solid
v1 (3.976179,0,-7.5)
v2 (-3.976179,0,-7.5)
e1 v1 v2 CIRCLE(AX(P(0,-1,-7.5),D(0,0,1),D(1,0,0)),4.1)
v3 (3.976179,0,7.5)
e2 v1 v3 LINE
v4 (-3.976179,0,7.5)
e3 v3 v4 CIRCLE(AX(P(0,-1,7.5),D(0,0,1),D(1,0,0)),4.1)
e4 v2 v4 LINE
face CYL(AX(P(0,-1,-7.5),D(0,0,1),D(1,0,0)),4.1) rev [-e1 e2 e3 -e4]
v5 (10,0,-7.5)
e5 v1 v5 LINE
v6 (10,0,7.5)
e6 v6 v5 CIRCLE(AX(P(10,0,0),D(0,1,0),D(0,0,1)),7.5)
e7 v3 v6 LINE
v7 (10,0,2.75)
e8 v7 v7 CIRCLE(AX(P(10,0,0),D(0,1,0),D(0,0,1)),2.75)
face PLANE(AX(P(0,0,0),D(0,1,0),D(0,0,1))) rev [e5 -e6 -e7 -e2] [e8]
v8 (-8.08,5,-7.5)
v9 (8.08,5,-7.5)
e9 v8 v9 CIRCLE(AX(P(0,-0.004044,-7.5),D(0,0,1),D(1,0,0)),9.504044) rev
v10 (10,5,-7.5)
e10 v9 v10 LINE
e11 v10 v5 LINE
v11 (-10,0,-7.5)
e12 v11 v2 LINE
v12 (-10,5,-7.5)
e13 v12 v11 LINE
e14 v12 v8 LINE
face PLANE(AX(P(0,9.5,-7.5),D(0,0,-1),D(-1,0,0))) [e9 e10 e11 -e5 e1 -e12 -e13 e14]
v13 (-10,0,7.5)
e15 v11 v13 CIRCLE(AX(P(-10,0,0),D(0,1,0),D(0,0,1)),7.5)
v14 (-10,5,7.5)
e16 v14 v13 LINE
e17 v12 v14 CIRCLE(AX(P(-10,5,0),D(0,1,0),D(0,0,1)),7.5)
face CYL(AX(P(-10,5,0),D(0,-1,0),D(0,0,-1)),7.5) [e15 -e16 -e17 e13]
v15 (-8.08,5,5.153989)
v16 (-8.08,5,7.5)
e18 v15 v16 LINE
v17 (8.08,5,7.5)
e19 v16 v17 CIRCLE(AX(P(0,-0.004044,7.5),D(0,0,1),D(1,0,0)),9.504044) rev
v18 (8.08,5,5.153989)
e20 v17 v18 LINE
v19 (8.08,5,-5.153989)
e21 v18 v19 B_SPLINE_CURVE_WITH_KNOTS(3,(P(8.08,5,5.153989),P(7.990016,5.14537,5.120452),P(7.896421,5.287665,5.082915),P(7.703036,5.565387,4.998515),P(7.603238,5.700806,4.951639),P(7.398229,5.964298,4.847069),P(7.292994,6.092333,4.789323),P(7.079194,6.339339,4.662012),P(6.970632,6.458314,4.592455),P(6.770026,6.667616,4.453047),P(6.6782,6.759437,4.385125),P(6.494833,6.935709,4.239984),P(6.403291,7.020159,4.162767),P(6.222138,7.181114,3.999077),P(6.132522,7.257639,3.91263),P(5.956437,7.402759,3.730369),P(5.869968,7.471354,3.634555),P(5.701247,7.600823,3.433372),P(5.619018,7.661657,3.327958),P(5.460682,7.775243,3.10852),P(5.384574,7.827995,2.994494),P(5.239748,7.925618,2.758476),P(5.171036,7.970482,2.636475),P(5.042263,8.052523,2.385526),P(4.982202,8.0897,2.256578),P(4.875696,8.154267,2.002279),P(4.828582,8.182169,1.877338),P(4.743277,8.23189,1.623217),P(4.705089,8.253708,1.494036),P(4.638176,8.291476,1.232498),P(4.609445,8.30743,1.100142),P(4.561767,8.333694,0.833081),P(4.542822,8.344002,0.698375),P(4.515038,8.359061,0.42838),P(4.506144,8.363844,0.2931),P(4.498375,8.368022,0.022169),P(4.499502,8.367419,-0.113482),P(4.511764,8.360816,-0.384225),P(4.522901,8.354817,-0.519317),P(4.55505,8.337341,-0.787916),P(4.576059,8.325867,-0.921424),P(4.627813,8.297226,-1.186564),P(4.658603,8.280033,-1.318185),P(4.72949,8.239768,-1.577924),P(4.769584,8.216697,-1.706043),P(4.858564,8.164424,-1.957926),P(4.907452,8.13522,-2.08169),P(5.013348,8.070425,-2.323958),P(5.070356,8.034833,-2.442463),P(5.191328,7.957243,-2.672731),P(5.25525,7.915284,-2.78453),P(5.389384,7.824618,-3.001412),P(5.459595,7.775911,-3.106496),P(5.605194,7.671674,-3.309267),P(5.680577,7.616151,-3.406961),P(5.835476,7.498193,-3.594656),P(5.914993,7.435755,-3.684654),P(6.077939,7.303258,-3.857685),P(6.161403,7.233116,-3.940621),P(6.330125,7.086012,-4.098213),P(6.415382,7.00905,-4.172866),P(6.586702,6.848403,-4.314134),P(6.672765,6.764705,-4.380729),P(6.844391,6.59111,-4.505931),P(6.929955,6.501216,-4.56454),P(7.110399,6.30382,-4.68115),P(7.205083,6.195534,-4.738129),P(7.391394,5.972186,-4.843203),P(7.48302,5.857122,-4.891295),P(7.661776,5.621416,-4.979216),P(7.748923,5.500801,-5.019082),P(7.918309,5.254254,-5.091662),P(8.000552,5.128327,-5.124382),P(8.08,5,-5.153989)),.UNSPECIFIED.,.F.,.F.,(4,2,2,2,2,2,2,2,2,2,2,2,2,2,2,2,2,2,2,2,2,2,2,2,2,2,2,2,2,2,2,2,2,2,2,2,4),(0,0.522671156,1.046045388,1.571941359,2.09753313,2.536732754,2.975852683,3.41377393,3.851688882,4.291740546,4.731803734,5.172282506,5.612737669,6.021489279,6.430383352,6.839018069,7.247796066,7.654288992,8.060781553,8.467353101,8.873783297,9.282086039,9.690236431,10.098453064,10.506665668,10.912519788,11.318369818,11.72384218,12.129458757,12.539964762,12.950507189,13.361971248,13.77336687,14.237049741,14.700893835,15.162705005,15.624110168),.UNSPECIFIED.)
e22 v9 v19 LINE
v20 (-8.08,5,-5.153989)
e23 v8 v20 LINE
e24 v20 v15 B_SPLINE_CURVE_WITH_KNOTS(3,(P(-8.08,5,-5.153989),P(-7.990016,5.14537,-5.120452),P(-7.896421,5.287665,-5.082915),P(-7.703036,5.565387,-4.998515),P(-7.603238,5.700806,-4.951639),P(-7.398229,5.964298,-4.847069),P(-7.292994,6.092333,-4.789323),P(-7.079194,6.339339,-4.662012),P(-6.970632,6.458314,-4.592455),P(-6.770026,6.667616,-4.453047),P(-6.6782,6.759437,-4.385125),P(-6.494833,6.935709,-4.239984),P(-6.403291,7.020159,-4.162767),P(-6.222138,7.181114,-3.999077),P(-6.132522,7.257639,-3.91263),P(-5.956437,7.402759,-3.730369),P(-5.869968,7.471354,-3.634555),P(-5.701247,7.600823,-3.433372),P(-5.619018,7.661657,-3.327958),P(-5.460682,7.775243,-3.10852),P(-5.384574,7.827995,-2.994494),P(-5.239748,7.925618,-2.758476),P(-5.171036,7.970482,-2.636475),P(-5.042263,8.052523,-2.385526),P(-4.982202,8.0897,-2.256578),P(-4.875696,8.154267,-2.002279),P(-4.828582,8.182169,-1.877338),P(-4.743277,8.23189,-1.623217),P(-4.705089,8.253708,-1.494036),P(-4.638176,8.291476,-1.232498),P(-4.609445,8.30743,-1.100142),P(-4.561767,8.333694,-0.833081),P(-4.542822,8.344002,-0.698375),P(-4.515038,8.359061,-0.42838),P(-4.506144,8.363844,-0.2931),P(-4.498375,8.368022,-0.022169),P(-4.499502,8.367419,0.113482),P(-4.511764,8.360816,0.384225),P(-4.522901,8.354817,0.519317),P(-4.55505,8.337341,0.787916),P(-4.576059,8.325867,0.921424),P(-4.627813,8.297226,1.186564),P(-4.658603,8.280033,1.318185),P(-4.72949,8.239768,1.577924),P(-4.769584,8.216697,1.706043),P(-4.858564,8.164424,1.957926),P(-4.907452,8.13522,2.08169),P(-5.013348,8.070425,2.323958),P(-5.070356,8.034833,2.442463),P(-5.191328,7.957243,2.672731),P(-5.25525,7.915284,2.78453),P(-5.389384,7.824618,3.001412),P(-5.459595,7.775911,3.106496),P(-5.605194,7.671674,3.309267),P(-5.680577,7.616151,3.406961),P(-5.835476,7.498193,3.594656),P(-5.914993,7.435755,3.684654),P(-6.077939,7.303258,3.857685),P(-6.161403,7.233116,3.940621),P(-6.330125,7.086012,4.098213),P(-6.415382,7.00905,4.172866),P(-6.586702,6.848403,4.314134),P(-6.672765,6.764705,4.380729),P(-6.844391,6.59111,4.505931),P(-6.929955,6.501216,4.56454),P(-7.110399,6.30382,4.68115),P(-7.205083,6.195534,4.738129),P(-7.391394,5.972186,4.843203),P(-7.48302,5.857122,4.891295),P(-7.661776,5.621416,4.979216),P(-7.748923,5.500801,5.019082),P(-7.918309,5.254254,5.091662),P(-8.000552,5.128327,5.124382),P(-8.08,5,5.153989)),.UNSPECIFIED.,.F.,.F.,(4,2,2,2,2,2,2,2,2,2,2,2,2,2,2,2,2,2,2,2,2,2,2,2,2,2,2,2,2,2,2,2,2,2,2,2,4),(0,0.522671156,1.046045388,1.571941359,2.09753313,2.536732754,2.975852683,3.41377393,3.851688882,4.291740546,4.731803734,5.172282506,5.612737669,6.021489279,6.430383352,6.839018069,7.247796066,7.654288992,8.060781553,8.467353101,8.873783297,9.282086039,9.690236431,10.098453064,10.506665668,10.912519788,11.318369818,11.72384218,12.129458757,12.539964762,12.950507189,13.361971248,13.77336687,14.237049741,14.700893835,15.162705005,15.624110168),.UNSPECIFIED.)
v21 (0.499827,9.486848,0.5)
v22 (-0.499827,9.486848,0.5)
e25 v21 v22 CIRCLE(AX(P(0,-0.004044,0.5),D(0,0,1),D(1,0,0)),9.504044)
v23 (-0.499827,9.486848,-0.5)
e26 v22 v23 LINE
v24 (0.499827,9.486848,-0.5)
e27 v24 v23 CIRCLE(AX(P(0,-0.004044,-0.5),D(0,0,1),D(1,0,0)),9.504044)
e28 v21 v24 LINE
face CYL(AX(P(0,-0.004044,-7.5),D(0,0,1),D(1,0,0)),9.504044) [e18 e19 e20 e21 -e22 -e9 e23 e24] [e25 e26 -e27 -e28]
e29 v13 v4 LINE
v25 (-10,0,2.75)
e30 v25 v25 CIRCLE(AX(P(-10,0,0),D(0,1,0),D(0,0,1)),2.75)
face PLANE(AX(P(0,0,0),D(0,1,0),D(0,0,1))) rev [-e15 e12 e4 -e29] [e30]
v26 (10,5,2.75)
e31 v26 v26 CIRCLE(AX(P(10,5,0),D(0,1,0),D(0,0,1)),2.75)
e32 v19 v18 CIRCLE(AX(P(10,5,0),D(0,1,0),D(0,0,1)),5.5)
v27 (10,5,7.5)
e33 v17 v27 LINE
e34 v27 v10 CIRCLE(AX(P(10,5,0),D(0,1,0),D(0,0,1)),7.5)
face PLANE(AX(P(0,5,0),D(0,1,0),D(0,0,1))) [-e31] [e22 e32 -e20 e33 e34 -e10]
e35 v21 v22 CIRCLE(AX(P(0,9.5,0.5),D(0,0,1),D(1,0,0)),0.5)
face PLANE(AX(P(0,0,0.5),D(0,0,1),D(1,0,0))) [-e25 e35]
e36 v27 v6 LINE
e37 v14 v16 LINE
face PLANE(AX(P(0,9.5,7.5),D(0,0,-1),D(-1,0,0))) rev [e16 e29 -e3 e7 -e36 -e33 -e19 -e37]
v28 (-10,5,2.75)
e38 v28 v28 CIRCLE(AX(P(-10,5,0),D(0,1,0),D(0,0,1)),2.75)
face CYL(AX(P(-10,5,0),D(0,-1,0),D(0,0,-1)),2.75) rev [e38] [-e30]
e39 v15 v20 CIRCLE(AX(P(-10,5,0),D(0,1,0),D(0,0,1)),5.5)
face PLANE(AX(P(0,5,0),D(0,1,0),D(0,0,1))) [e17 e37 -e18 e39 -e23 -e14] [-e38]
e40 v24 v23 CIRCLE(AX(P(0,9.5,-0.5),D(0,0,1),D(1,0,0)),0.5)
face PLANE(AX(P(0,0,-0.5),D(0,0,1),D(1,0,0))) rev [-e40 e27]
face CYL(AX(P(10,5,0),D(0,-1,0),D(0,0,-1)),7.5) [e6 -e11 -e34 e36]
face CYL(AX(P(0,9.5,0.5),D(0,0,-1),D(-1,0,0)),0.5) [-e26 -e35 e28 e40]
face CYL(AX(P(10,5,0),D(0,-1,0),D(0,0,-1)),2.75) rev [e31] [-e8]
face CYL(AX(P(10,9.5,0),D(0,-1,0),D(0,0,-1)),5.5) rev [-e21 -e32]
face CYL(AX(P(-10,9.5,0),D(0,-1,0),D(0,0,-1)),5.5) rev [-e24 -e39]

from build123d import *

# Parameters (mm, degrees)
BOSS_EXTRUDE1_DEPTH = 9.5
SKETCH1_3_R         = 2.75
BOSS_EXTRUDE2_DEPTH = 5
CUT_EXTRUDE2_DEPTH  = 25.929901725
BOSS_EXTRUDE3_DEPTH = 0.5


with BuildPart() as part:
    # Sketch1 → Boss-Extrude1 (new body)
    with BuildSketch(Plane(origin=(0, 0, 0), x_dir=(1, 0, 0), z_dir=(0, 1, 0))):
        with BuildLine():
            Line((8.08, 7.5), (-8.08, 7.5))
            Line((-8.08, 7.5), (-8.08, 5.153988747))
            ThreePointArc((-8.08, 5.153988747), (-4.5, 0), (-8.08, -5.153988747))
            Line((-8.08, -5.153988747), (-8.08, -7.5))
            Line((-8.08, -7.5), (8.08, -7.5))
            Line((8.08, -7.5), (8.08, -5.153988747))
            ThreePointArc((8.08, -5.153988747), (4.5, 0), (8.08, 5.153988747))
            Line((8.08, 5.153988747), (8.08, 7.5))
        make_face()
    extrude(amount=BOSS_EXTRUDE1_DEPTH)

    # Sketch1<3> → Boss-Extrude2 (add)
    # profile 1 of 2: a face of its own
    with BuildSketch(Plane(origin=(0, 0, 0), x_dir=(1, 0, 0), z_dir=(0, 1, 0))):
        with BuildLine():
            Line((-8.08, 5.153988747), (-8.08, 7.5))
            Line((-8.08, 7.5), (-10, 7.5))
            ThreePointArc((-10, 7.5), (-17.5, 0), (-10, -7.5))
            Line((-10, -7.5), (-8.08, -7.5))
            Line((-8.08, -7.5), (-8.08, -5.153988747))
            ThreePointArc((-8.08, -5.153988747), (-4.5, 0), (-8.08, 5.153988747))
        make_face()
        with Locations((-10, 0)):
            Circle(SKETCH1_3_R, mode=Mode.SUBTRACT)
    # profile 2 of 2: a face of its own
    with BuildSketch(Plane(origin=(0, 0, 0), x_dir=(1, 0, 0), z_dir=(0, 1, 0))):
        with BuildLine():
            Line((10, 7.5), (8.08, 7.5))
            Line((8.08, 7.5), (8.08, 5.153988747))
            ThreePointArc((8.08, 5.153988747), (4.5, 0), (8.08, -5.153988747))
            Line((8.08, -5.153988747), (8.08, -7.5))
            Line((8.08, -7.5), (10, -7.5))
            ThreePointArc((10, -7.5), (17.5, 0), (10, 7.5))
        make_face()
        with Locations((10, 0)):
            Circle(SKETCH1_3_R, mode=Mode.SUBTRACT)
    extrude(amount=BOSS_EXTRUDE2_DEPTH)

    # Sketch3 → Cut-Extrude2 (cut, through all)
    with BuildSketch(Plane.XY.offset(7.5)):
        with BuildLine():
            Line((1.6e-08, 9.5), (-8.08, 9.5))
            Line((-8.08, 9.5), (-8.08, 5))
            ThreePointArc((-8.08, 5), (-4.624294534, 8.299133313), (1.6e-08, 9.5))
        make_face()
        with BuildLine():
            Line((8.08, 9.5), (1.6e-08, 9.5))
            ThreePointArc((1.6e-08, 9.5), (4.624294548, 8.299133305), (8.08, 5))
            Line((8.08, 5), (8.08, 9.5))
        make_face()
        with BuildLine():
            Line((-3.97617907, 0), (3.97617907, 0))
            ThreePointArc((3.97617907, 0), (0, 3.1), (-3.97617907, 0))
        make_face()
    extrude(amount=-CUT_EXTRUDE2_DEPTH, mode=Mode.SUBTRACT)

    # Sketch7 → Boss-Extrude3 (add, symmetric)
    with BuildSketch(Plane.XY):
        with BuildLine():
            ThreePointArc((-0.499826987, 9.486847705), (0, 9.5), (0.499826987, 9.486847705))
            ThreePointArc((0.499826987, 9.486847705), (0, 10), (-0.499826987, 9.486847705))
        make_face()
    extrude(amount=BOSS_EXTRUDE3_DEPTH, both=True)


solid = part.part
